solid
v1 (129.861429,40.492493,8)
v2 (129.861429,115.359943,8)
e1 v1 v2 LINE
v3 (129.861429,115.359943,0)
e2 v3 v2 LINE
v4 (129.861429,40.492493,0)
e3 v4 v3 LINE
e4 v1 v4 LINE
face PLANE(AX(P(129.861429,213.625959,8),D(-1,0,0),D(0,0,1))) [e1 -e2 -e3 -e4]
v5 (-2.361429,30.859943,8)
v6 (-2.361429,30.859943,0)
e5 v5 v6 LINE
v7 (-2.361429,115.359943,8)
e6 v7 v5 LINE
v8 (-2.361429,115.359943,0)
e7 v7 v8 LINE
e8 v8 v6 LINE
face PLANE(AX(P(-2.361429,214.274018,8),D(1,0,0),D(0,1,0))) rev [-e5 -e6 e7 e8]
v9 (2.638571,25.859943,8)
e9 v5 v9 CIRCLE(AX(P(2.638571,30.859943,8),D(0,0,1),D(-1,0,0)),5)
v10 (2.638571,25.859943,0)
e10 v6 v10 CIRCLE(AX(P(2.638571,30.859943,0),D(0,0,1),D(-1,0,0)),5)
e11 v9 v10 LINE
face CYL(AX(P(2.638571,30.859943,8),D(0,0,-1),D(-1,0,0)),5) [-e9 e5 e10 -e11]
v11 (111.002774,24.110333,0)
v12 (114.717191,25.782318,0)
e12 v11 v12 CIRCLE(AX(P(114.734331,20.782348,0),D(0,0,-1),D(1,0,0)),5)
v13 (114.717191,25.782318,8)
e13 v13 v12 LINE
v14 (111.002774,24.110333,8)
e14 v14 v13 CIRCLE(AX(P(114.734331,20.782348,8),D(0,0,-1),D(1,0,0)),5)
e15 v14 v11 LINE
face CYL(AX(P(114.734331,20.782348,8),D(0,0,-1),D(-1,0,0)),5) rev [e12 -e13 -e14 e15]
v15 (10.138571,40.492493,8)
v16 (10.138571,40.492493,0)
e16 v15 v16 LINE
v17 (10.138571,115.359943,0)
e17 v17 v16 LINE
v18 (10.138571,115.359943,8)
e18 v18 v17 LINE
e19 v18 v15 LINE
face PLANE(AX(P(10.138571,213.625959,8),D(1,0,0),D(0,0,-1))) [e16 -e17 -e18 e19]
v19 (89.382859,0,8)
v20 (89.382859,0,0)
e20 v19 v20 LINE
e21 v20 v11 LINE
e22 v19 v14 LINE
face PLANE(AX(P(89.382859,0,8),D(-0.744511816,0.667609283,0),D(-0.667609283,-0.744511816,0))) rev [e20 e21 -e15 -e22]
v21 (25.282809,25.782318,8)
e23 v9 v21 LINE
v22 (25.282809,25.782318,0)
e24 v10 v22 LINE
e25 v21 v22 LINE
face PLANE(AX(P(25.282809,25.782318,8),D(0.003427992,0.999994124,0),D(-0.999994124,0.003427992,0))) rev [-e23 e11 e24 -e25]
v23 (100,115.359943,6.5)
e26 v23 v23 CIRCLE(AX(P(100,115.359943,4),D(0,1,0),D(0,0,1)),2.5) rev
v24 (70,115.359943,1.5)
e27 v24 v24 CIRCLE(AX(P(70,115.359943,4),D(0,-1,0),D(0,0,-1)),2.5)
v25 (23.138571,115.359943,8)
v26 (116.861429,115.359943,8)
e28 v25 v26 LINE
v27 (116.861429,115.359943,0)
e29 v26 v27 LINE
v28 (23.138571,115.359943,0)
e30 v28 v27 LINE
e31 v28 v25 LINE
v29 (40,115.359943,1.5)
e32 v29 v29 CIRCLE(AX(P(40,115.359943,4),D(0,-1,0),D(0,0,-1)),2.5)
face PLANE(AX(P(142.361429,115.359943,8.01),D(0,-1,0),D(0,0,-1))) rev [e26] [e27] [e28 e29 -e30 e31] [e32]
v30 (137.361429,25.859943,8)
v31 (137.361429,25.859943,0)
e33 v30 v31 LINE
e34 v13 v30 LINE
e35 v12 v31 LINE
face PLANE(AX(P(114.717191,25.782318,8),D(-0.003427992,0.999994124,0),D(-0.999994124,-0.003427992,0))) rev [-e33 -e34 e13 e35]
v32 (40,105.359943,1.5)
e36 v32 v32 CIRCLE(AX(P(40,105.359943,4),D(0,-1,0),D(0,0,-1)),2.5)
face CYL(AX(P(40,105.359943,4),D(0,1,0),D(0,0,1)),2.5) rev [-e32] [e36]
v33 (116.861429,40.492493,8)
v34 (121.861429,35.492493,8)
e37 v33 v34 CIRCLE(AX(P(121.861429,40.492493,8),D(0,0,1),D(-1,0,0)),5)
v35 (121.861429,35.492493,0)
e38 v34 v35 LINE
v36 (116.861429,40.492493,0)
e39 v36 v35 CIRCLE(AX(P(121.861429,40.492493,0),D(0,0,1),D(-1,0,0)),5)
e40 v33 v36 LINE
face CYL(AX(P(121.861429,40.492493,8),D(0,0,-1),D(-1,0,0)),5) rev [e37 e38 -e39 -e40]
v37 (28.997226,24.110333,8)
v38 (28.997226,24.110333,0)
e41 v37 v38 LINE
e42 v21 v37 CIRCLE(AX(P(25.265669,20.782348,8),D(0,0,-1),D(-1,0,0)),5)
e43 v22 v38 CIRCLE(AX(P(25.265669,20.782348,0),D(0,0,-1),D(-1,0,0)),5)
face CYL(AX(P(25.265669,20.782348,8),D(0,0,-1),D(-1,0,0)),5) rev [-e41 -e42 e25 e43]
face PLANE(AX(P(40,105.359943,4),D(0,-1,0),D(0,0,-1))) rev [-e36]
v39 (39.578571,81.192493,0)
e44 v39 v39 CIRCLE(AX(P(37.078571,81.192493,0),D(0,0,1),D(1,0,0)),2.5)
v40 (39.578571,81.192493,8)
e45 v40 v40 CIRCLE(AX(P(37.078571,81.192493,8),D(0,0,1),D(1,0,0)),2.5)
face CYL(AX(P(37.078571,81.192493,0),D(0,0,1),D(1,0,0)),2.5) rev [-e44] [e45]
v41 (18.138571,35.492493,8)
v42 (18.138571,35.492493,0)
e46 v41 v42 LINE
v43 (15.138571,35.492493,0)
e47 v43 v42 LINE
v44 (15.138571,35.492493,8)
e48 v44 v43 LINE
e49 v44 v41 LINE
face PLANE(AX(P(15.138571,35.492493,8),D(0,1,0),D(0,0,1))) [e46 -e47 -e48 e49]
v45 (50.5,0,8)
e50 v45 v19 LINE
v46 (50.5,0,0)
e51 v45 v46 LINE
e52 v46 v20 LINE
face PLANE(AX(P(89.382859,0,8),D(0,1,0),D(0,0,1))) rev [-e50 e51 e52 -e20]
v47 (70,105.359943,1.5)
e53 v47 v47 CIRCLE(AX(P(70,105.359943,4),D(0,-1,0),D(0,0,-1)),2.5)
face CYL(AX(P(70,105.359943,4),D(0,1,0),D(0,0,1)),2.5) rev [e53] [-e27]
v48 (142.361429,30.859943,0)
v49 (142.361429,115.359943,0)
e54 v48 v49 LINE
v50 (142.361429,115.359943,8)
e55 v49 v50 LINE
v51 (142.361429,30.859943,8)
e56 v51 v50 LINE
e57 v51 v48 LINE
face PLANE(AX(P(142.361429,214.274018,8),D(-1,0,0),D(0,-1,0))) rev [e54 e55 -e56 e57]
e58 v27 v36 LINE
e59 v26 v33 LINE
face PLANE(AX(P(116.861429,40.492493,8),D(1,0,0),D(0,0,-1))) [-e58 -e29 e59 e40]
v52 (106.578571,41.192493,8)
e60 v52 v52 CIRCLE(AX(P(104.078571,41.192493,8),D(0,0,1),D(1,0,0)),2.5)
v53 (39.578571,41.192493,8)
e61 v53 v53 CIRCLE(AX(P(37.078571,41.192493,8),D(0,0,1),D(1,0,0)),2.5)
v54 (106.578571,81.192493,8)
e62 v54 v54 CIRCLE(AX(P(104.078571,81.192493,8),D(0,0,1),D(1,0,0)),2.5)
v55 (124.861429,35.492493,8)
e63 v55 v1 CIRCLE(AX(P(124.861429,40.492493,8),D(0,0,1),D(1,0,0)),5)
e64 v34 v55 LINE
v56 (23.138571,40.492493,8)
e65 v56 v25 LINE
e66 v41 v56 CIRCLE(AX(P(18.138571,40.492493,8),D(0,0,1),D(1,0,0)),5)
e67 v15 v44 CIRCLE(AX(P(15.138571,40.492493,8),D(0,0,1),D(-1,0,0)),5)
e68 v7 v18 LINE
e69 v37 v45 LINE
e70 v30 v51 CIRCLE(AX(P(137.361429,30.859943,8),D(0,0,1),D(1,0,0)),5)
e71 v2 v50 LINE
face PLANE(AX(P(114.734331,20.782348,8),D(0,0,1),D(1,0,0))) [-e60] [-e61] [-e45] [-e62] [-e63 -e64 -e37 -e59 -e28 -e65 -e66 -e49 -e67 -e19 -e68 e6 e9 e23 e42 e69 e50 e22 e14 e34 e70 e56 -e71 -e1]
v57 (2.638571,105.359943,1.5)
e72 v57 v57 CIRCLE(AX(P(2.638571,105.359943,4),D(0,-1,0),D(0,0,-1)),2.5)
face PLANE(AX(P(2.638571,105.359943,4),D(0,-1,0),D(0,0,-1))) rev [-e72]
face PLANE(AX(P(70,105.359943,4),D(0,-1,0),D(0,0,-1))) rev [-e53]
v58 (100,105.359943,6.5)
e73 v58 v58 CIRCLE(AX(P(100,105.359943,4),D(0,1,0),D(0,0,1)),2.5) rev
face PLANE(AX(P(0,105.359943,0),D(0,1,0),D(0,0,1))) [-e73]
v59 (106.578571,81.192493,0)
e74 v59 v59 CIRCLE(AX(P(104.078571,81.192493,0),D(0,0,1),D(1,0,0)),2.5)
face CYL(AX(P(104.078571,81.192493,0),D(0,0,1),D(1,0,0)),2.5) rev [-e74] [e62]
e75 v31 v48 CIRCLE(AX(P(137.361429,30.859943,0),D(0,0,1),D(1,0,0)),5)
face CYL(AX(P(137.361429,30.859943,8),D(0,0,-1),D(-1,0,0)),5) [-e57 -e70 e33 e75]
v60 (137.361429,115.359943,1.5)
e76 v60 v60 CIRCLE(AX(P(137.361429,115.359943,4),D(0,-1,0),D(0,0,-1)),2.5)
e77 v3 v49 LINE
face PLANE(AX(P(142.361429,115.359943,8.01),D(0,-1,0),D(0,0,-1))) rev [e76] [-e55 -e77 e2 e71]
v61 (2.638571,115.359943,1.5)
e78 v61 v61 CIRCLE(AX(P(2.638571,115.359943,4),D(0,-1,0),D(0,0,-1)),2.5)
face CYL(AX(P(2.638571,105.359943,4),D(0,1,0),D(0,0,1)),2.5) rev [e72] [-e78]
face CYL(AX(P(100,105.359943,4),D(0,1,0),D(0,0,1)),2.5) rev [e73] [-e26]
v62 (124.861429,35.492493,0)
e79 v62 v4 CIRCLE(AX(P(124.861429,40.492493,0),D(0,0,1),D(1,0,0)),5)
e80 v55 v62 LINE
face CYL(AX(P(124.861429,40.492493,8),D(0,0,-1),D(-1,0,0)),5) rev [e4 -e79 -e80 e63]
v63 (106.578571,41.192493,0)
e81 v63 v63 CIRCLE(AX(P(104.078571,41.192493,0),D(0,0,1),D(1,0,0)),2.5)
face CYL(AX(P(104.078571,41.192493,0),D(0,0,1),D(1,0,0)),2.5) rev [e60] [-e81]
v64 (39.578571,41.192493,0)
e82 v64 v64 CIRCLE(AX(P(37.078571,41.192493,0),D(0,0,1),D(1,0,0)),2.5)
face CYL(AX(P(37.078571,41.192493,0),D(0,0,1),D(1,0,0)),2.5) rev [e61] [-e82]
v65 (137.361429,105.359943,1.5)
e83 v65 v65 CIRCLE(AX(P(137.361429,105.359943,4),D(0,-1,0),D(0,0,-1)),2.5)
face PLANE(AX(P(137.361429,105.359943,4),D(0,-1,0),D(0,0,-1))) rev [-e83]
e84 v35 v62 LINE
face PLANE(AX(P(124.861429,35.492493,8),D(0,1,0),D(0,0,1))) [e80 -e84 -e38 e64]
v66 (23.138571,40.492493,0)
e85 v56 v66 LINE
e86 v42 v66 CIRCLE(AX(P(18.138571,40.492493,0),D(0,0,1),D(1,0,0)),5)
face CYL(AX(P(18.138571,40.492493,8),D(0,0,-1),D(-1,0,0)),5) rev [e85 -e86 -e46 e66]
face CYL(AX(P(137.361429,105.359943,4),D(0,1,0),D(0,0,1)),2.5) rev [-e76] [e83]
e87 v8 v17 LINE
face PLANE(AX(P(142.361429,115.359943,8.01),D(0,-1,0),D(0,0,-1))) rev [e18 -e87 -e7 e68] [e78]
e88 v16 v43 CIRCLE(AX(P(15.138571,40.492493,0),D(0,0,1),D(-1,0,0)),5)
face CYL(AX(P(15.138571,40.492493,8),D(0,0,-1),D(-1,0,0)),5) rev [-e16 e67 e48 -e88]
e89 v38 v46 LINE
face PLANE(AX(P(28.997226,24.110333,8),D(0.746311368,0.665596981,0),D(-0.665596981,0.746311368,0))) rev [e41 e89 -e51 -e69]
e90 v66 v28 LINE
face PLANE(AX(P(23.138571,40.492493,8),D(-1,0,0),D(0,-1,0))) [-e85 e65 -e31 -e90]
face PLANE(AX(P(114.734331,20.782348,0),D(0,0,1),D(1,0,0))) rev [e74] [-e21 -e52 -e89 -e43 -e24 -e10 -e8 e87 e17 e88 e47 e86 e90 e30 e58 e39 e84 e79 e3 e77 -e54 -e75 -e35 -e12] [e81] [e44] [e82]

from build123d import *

# Parameters (mm, degrees)
BOSS_EXTRUDE1_DEPTH    = 8
SKETCH2_W              = 45
SKETCH2_H              = 52
CUT_EXTRUDE1_DEPTH     = 342.206659287
SPLIT1_SURFACE_1_BACK  = 343.199
SPLIT1_SURFACE_1_DEPTH = 686.398
SPLIT1_SURFACE_2_BACK  = 343.199
SPLIT1_SURFACE_2_DEPTH = 686.398
SKETCH5_R              = 2.5
CUT_EXTRUDE6_DEPTH     = 10
SKETCH4_R              = 2.5
CUT_EXTRUDE7_DEPTH     = 5.2
SKETCH6_R              = 2.5
CUT_EXTRUDE8_DEPTH     = 184.408541223


with BuildPart() as part:
    # Sketch1 → Boss-Extrude1 (new body)
    with BuildSketch(Plane.XY):
        with BuildLine():
            Line((70, 309.985818768), (85.299227191, 309.985818768))
            ThreePointArc((85.299227191, 309.985818768), (88.489017574, 308.836174247), (90.211957942, 305.915913694))
            Line((90.211957942, 305.915913694), (96.672728921, 271.790334282))
            ThreePointArc((96.672728921, 271.790334282), (97.06575438, 270.906904614), (97.621470019, 270.115641625))
            Line((97.621470019, 270.115641625), (139.950460317, 220.786053348))
            ThreePointArc((139.950460317, 220.786053348), (141.739336996, 217.746026552), (142.361429131, 214.274017901))
            Line((142.361429131, 214.274017901), (142.361429131, 30.859943174))
            ThreePointArc((142.361429131, 30.859943174), (140.896963037, 27.324409268), (137.361429131, 25.859943174))
            Line((137.361429131, 25.859943174), (114.717190871, 25.782318449))
            ThreePointArc((114.717190871, 25.782318449), (112.681998989, 25.341726514), (111.002773989, 24.110332733))
            Line((111.002773989, 24.110332733), (89.38285929, 0))
            Line((89.38285929, 0), (50.5, 0))
            Line((50.5, 0), (28.997226011, 24.110332733))
            ThreePointArc((28.997226011, 24.110332733), (27.318001011, 25.341726514), (25.282809129, 25.782318449))
            Line((25.282809129, 25.782318449), (2.638570869, 25.859943174))
            ThreePointArc((2.638570869, 25.859943174), (-0.896963037, 27.324409268), (-2.361429131, 30.859943174))
            Line((-2.361429131, 30.859943174), (-2.361429131, 214.274017901))
            ThreePointArc((-2.361429131, 214.274017901), (-1.739336996, 217.746026552), (0.049539683, 220.786053348))
            Line((0.049539683, 220.786053348), (42.261389271, 270.115641625))
            ThreePointArc((42.261389271, 270.115641625), (42.81710491, 270.906904614), (43.210130369, 271.790334282))
            Line((43.210130369, 271.790334282), (49.724618218, 305.923183314))
            ThreePointArc((49.724618218, 305.923183314), (51.449026762, 308.838533573), (54.635967087, 309.985818768))
            Line((54.635967087, 309.985818768), (70, 309.985818768))
        make_face()
        with BuildLine():
            Line((15.138570869, 35.492492662), (18.138570869, 35.492492662))
            ThreePointArc((18.138570869, 35.492492662), (21.674104775, 36.956958756), (23.138570869, 40.492492662))
            Line((23.138570869, 40.492492662), (23.138570869, 213.625959477))
            Line((23.138570869, 213.625959477), (10.138570869, 213.625959477))
            Line((10.138570869, 213.625959477), (10.138570869, 40.492492662))
            ThreePointArc((10.138570869, 40.492492662), (11.603036963, 36.956958756), (15.138570869, 35.492492662))
        make_face(mode=Mode.SUBTRACT)
        with BuildLine():
            Line((124.861429131, 35.492492662), (121.861429131, 35.492492662))
            ThreePointArc((121.861429131, 35.492492662), (118.325895225, 36.956958756), (116.861429131, 40.492492662))
            Line((116.861429131, 40.492492662), (116.861429131, 213.625959477))
            Line((116.861429131, 213.625959477), (129.861429131, 213.625959477))
            Line((129.861429131, 213.625959477), (129.861429131, 40.492492662))
            ThreePointArc((129.861429131, 40.492492662), (128.396963037, 36.956958756), (124.861429131, 35.492492662))
        make_face(mode=Mode.SUBTRACT)
    extrude(amount=BOSS_EXTRUDE1_DEPTH)

    # Sketch2 → Cut-Extrude1 (cut, through all)
    with BuildSketch(Plane.XY.offset(8)):
        with Locations((69.88285929, 180.008918923)):
            Rectangle(SKETCH2_W, SKETCH2_H)
    extrude(amount=-CUT_EXTRUDE1_DEPTH, mode=Mode.SUBTRACT)


with BuildPart() as body_2:
    # Split1: the piece behind the surface
    add(part.part)
    # Split1 surface: a surface, the sketch's curves swept straight by 686.398 mm
    with BuildLine(Plane(origin=(0, 0, 0), x_dir=(-1, 0, 0), z_dir=(0, 0, -1)).offset(-SPLIT1_SURFACE_1_BACK), mode=Mode.PRIVATE) as split1_surface_1_path:
        Line((-142.361429131, 115.359943174), (2.361429131, 115.359943174))
    split1_surface_1 = Shell.extrude(split1_surface_1_path.wire(), (0 * SPLIT1_SURFACE_1_DEPTH, 0 * SPLIT1_SURFACE_1_DEPTH, -1 * SPLIT1_SURFACE_1_DEPTH))
    split(bisect_by=split1_surface_1, keep=Keep.BOTTOM)

    # Sketch5 → Cut-Extrude6 (cut)
    with BuildSketch(Plane(origin=(0, 115.359943174, -115.359943174), x_dir=(1, 0, 0), z_dir=(0, -1, 0))):
        with Locations(Location((100, 119.359943174, 0), (0, 0, 90))):
            Circle(SKETCH5_R)
        with Locations(Location((2.638570869, 119.359943174, 0), (0, 0, 270))):
            Circle(SKETCH5_R)
        with Locations(Location((40, 119.359943174, 0), (0, 0, 270))):
            Circle(SKETCH5_R)
        with Locations(Location((70, 119.359943174, 0), (0, 0, 270))):
            Circle(SKETCH5_R)
        with Locations(Location((137.361429131, 119.359943174, 0), (0, 0, 270))):
            Circle(SKETCH5_R)
    extrude(amount=CUT_EXTRUDE6_DEPTH, mode=Mode.SUBTRACT)

    # Sketch6 → Cut-Extrude8 (cut, through all)
    with BuildSketch(Plane.XY.offset(8)):
        with Locations((37.078570869, 81.192492662)):
            Circle(SKETCH6_R)
        with Locations((104.078570869, 81.192492662)):
            Circle(SKETCH6_R)
        with Locations((104.078570869, 41.192492662)):
            Circle(SKETCH6_R)
        with Locations((37.078570869, 41.192492662)):
            Circle(SKETCH6_R)
    extrude(amount=-CUT_EXTRUDE8_DEPTH, mode=Mode.SUBTRACT)


with BuildPart() as part_1:
    add(part.part)

    # Split1: split by a surface, the side it looks to stays
    # Split1 surface: a surface, the sketch's curves swept straight by 686.398 mm
    with BuildLine(Plane(origin=(0, 0, 0), x_dir=(-1, 0, 0), z_dir=(0, 0, -1)).offset(-SPLIT1_SURFACE_2_BACK), mode=Mode.PRIVATE) as split1_surface_2_path:
        Line((-142.361429131, 115.359943174), (2.361429131, 115.359943174))
    split1_surface_2 = Shell.extrude(split1_surface_2_path.wire(), (0 * SPLIT1_SURFACE_2_DEPTH, 0 * SPLIT1_SURFACE_2_DEPTH, -1 * SPLIT1_SURFACE_2_DEPTH))
    split(bisect_by=split1_surface_2, keep=Keep.TOP)

    # Sketch4 → Cut-Extrude7 (cut)
    with BuildSketch(Plane(origin=(0, 115.359943174, 0), x_dir=(-1, 0, 0), z_dir=(0, -1, 0))):
        with Locations(Location((-70, -4, 0), (0, 0, 90))):
            Circle(SKETCH4_R)
        with Locations(Location((-40, -4, 0), (0, 0, 90))):
            Circle(SKETCH4_R)
        with Locations(Location((-100, -4, 0), (0, 0, 270))):
            Circle(SKETCH4_R)
        with Locations(Location((-137.361429131, -4, 0), (0, 0, 90))):
            Circle(SKETCH4_R)
        with Locations(Location((-3.888570869, -4, 0), (0, 0, 90))):
            Circle(SKETCH4_R)
    extrude(amount=-CUT_EXTRUDE7_DEPTH, mode=Mode.SUBTRACT)


solid = body_2.part
